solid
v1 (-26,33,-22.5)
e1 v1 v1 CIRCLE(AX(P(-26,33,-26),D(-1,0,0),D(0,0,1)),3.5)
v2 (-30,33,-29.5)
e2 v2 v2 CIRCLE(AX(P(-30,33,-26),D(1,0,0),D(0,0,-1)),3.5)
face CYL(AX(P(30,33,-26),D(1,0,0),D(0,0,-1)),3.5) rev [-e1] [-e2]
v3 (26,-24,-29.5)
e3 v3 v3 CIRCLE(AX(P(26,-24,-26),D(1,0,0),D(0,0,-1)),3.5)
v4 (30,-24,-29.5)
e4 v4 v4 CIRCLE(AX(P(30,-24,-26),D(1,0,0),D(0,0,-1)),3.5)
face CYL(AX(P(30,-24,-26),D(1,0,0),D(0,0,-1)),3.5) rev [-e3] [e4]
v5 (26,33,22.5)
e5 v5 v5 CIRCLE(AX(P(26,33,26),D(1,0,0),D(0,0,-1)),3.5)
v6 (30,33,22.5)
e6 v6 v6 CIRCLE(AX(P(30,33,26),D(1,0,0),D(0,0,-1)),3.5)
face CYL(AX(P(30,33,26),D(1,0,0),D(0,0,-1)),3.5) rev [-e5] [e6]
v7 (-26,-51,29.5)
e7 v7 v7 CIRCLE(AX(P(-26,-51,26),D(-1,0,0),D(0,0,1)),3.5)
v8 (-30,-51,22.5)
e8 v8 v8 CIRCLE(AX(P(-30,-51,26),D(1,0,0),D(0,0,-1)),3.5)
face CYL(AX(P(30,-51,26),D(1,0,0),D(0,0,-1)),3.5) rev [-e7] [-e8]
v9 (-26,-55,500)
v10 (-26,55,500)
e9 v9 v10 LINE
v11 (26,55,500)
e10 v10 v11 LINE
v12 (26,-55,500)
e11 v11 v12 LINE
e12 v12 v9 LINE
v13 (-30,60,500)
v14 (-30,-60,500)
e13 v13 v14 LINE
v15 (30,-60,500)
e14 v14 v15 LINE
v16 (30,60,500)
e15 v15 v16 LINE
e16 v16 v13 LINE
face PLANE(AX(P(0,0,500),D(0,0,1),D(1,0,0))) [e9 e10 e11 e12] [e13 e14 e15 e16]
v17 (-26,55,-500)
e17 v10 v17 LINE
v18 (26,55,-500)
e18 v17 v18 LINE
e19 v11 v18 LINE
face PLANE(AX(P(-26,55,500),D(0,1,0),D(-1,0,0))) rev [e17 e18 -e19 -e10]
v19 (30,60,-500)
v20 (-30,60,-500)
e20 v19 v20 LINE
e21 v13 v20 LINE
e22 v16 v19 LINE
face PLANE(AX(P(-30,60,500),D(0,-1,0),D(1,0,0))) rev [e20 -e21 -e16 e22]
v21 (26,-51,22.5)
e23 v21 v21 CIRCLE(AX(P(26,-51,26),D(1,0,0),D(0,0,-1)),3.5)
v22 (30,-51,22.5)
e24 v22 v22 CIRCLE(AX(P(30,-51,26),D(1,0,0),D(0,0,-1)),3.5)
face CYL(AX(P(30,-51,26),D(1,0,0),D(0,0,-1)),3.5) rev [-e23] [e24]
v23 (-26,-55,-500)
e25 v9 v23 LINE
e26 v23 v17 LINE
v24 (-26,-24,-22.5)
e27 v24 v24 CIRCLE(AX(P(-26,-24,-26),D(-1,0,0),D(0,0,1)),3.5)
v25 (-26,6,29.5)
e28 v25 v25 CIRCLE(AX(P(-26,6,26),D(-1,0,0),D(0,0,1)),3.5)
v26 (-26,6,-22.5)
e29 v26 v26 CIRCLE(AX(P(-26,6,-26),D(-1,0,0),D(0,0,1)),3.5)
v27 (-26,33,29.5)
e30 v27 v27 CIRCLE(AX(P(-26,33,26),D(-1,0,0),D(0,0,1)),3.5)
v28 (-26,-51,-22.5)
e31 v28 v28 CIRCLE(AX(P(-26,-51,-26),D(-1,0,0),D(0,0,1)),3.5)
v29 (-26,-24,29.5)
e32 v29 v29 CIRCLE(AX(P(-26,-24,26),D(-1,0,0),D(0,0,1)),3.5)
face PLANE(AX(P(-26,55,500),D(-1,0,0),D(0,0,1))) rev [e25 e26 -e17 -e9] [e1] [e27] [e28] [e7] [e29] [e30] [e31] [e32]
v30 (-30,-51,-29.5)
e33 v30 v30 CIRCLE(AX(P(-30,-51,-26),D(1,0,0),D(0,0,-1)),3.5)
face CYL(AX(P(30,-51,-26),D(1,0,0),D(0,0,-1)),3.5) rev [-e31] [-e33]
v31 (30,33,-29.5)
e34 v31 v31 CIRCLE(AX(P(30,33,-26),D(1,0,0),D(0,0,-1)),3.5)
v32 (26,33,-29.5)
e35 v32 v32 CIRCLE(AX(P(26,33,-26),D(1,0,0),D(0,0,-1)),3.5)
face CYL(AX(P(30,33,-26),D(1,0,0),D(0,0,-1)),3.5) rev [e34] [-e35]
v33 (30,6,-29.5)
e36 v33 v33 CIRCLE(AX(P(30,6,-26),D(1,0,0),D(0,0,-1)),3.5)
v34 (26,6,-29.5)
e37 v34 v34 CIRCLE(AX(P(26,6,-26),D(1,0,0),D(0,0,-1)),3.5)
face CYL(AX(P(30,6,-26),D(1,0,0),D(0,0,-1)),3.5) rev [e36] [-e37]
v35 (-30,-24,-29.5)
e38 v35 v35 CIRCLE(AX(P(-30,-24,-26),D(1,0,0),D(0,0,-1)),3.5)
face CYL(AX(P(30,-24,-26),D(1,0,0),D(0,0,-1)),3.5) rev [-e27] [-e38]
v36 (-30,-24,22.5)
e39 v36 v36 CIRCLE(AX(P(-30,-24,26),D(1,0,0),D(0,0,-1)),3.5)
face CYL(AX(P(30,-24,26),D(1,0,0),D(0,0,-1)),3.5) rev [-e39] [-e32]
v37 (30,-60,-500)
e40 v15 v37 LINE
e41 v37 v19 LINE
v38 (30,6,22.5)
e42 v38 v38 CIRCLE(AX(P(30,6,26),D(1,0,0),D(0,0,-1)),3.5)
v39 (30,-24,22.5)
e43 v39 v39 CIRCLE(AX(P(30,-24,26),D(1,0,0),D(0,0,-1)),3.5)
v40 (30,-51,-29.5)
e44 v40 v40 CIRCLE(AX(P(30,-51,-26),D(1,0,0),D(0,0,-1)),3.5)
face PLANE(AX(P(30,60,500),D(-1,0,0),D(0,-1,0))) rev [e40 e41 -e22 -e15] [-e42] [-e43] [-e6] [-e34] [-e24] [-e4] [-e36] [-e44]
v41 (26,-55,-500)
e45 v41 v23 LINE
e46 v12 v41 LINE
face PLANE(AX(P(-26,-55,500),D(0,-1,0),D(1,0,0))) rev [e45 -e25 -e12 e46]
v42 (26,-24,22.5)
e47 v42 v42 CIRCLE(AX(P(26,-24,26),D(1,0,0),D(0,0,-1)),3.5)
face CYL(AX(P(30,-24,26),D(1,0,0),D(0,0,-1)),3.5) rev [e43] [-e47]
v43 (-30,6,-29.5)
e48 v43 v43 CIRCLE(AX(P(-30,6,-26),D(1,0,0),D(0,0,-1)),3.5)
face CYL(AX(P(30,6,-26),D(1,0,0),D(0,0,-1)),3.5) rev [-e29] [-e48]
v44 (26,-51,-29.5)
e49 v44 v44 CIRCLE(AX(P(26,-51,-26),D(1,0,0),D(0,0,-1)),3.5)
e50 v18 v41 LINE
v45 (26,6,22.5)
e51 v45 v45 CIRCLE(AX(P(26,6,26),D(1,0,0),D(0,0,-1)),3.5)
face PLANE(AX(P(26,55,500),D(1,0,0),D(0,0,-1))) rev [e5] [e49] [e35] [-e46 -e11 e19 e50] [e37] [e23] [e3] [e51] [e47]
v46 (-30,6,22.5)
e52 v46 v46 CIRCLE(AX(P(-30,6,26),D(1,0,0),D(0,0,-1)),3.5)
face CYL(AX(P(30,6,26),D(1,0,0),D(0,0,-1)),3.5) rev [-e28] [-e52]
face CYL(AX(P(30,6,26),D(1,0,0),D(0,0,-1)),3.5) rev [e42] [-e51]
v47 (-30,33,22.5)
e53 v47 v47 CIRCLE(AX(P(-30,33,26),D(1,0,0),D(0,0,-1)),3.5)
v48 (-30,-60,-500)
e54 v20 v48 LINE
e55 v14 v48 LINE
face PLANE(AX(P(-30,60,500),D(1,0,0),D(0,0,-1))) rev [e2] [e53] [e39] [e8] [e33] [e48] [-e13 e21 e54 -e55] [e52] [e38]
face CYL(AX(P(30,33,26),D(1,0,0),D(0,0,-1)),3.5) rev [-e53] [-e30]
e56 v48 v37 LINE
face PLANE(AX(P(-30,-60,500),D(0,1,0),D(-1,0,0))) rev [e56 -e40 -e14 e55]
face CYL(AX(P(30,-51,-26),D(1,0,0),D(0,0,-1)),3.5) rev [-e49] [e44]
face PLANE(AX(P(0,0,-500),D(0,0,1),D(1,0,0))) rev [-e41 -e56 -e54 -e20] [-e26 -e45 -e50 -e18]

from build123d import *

# Parameters (mm, degrees)
SKETCH1_W                = 60
SKETCH1_H                = 120
SKETCH1_W_2              = 52
SKETCH1_H_2              = 110
F_7_0_7_DIAMETER_HOLE1_D = 7


with BuildPart() as part:
    # Sweep1: sweep along a curve in space
    with BuildLine() as sweep1_path:
        add(Edge.make_bspline(
            [(0, 0, -500), (0, 0, 500)],
            knots=[0, 0, 1, 1], degree=1))
    # Sketch1 → Sweep1 (sweep)
    with BuildSketch(Plane.XY):
        Rectangle(SKETCH1_W, SKETCH1_H)
        Rectangle(SKETCH1_W_2, SKETCH1_H_2, mode=Mode.SUBTRACT)
    sweep(path=sweep1_path.line)

    # Ø7.0 (7) Diameter Hole1 (through all)
    with Locations(Plane(origin=(30, 0, 0), x_dir=(0, 0, -1), z_dir=(1, 0, 0))):
        with Locations((26, 33), (26, 6), (26, -24), (26, -51)):
            f_7_0_7_diameter_hole1 = Hole(F_7_0_7_DIAMETER_HOLE1_D / 2)

    # Mirror1: Ø7.0 (7) Diameter Hole1 across plane
    add(f_7_0_7_diameter_hole1.mirror(Plane.XY), mode=Mode.SUBTRACT)


solid = part.part
